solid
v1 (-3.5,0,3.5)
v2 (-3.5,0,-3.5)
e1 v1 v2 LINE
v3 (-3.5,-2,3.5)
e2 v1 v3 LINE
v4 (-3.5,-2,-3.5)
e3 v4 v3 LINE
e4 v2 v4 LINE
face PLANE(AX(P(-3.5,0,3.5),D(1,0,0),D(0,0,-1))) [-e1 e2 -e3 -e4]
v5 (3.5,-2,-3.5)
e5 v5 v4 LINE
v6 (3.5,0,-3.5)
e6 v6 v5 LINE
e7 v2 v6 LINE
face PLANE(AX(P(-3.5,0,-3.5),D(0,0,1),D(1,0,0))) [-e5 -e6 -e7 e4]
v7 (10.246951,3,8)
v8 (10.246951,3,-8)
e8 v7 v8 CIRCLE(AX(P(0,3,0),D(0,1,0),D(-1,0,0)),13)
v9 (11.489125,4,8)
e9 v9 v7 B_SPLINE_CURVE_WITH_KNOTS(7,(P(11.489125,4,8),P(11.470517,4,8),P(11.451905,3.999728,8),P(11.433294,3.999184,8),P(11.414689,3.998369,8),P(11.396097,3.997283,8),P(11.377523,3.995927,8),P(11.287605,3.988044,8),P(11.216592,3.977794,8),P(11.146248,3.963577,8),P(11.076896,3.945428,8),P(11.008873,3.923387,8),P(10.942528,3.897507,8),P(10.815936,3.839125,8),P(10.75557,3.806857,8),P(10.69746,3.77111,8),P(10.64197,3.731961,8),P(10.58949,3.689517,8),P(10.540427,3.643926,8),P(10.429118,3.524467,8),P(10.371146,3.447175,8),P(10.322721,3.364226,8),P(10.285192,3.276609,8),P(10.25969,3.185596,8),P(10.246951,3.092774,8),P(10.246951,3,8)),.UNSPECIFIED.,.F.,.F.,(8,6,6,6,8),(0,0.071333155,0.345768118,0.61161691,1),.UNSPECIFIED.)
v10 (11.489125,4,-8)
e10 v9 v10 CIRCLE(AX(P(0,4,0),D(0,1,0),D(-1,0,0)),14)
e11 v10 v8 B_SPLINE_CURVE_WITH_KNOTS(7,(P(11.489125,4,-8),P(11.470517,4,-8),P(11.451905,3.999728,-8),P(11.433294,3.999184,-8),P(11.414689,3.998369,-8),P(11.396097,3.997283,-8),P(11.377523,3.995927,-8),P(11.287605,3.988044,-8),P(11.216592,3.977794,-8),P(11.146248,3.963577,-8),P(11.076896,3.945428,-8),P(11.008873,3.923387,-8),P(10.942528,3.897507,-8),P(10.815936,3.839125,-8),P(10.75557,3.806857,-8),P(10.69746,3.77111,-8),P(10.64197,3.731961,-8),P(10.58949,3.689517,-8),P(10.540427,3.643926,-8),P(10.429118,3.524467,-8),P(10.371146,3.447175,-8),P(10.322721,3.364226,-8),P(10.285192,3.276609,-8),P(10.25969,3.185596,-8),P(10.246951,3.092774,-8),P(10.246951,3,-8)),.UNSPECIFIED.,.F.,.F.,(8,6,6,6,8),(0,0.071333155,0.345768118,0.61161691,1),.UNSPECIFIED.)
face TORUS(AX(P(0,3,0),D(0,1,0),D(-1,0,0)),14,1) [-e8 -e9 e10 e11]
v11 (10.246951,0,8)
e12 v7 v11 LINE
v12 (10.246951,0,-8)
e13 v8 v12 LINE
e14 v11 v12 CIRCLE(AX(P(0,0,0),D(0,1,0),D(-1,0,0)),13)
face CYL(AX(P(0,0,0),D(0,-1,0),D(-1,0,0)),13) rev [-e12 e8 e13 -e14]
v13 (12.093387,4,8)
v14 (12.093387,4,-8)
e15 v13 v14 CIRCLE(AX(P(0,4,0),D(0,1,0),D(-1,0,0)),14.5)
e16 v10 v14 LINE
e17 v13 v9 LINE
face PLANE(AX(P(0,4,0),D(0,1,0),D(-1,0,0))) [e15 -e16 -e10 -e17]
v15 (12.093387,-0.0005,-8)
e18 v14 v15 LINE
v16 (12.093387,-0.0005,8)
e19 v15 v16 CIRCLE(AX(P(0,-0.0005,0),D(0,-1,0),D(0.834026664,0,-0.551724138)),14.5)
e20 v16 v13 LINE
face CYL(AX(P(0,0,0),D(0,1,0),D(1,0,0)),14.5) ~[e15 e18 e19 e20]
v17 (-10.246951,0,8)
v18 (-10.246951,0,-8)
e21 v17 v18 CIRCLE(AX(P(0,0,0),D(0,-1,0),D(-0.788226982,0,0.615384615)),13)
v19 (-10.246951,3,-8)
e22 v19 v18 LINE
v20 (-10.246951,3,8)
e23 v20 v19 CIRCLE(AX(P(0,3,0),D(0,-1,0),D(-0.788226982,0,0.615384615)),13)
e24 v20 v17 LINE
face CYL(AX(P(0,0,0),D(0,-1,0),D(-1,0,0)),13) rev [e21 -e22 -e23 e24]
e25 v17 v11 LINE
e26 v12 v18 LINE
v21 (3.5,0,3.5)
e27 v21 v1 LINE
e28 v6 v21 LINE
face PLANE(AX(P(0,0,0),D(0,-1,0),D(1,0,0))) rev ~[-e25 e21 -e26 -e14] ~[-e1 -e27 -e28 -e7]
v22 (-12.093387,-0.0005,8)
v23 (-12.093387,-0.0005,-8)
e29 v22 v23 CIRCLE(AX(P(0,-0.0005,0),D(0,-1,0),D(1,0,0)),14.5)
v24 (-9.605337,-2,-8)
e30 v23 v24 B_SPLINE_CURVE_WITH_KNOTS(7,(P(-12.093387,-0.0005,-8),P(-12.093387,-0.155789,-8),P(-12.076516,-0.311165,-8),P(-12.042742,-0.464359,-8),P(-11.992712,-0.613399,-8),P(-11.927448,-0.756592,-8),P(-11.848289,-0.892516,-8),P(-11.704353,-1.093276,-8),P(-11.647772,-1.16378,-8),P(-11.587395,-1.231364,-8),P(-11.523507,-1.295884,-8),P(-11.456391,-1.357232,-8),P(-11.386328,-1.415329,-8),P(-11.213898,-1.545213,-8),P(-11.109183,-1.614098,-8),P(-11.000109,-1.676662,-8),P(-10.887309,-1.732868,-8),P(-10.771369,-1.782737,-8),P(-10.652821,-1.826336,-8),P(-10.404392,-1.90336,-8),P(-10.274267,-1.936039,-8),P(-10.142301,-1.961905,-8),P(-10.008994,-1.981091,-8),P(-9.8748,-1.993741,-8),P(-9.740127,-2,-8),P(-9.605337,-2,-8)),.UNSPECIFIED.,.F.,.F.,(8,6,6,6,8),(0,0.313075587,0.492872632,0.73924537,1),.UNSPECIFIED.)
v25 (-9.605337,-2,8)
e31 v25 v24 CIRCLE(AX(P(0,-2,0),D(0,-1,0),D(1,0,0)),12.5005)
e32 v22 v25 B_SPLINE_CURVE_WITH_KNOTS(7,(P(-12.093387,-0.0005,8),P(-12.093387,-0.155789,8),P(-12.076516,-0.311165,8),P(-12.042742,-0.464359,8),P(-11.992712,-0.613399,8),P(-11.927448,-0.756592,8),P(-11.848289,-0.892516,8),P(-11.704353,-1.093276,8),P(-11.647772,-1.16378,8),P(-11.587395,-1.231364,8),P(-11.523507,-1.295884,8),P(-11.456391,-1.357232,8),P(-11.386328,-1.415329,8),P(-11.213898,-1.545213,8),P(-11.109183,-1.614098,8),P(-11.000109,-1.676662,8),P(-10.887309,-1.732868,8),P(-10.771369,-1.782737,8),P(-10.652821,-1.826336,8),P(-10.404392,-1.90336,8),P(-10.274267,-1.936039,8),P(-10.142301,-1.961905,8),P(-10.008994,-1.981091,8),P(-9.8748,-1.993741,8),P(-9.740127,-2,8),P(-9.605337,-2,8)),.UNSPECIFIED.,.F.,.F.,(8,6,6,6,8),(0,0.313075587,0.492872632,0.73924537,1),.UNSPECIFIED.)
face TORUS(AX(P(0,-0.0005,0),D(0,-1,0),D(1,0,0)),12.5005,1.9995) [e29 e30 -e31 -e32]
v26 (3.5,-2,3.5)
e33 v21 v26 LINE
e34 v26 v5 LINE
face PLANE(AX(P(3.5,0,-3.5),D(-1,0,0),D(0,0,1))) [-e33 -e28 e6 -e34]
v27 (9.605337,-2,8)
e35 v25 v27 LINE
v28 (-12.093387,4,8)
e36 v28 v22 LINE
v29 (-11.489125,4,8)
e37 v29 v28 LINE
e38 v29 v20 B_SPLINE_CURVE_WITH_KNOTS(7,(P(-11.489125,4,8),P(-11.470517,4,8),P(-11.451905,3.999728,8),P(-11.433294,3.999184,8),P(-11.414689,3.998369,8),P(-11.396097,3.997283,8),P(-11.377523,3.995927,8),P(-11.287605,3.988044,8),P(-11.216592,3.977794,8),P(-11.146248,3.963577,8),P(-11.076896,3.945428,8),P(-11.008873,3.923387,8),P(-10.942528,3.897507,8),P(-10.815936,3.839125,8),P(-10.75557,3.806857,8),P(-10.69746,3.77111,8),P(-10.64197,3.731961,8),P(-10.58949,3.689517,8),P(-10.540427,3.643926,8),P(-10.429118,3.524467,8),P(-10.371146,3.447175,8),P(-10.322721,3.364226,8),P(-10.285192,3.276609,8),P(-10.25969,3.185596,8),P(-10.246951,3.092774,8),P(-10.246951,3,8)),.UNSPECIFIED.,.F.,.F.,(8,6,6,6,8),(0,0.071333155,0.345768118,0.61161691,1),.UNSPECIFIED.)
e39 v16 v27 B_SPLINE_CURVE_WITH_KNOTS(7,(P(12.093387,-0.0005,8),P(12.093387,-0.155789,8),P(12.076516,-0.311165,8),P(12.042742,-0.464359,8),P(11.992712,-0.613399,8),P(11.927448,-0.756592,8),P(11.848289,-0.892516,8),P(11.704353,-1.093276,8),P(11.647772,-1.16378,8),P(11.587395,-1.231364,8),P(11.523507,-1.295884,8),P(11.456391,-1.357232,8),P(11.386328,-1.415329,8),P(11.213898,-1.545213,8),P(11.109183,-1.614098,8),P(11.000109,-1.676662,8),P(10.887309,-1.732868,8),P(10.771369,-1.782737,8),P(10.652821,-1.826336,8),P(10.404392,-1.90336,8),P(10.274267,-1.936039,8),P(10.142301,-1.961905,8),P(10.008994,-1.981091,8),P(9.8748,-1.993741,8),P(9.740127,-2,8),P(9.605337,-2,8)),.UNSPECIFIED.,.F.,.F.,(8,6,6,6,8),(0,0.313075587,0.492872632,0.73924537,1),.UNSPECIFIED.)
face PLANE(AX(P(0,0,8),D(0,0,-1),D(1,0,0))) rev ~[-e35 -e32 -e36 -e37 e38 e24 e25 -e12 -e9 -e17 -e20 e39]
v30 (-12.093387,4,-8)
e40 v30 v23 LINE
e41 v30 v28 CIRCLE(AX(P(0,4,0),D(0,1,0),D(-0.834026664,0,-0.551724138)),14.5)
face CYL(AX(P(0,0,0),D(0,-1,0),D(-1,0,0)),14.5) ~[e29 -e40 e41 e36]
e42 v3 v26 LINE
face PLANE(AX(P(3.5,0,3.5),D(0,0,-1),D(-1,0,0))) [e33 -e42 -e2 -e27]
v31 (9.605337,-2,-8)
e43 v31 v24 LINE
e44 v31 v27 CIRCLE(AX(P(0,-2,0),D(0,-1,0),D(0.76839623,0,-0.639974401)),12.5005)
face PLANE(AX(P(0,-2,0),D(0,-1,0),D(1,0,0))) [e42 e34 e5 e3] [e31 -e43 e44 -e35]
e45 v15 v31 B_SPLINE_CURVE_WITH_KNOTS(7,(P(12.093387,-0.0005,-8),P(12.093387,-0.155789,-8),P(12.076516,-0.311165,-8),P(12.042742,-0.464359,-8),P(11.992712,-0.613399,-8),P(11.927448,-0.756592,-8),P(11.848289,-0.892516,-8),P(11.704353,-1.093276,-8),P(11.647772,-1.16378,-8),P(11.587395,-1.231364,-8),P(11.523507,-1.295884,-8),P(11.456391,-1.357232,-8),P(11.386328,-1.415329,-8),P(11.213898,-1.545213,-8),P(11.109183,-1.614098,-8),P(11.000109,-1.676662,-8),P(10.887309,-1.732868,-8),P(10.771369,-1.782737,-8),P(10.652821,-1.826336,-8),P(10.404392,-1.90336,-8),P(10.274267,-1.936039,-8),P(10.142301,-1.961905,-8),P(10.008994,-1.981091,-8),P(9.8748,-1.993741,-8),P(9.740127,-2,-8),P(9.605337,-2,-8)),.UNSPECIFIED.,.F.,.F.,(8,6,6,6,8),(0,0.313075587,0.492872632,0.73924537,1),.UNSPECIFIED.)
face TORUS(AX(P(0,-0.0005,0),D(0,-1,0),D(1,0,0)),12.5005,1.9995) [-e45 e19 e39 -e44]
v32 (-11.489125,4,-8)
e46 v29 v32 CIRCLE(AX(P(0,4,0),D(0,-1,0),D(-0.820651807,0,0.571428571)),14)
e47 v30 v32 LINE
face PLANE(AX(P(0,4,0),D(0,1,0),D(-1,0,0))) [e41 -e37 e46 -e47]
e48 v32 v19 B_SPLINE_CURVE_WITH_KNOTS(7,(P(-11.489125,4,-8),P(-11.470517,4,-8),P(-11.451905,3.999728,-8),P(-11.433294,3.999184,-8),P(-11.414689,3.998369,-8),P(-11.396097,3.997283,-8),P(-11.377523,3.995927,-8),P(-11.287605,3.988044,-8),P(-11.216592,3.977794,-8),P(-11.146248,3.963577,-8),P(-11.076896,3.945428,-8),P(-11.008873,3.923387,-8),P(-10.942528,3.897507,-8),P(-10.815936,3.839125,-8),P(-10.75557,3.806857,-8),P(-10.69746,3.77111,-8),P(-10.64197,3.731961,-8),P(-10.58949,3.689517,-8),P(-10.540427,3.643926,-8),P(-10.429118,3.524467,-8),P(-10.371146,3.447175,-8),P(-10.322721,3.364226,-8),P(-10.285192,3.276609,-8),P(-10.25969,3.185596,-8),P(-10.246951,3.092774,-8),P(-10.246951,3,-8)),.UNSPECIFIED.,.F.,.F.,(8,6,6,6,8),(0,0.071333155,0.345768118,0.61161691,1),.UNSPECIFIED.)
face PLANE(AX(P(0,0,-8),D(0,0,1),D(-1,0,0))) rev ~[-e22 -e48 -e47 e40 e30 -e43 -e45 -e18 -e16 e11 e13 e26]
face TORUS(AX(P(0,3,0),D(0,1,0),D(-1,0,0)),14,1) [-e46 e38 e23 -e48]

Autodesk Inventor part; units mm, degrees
ref_plane "YZ Plane" through (0, 0, 0) normal (1, 0, 0) x (0, 1, 0)
ref_plane "XZ Plane" through (0, 0, 0) normal (0, 1, 0) x (-1, 0, 0)
ref_plane "XY Plane" through (0, 0, 0) normal (0, 0, 1) x (1, 0, 0)
sketch "Sketch1" plane through (0, 0, 0) normal (0, 1, 0) x (-1, 0, 0)
  circle A0 centre (0, 0) radius 13
  circle A1 centre (0, 0) radius 14.5
  dimension "d0" = 26
  dimension "d1" = 29
extrude "Extrusion1" add sketch "Sketch1" along normal blind 4
sketch "Sketch2" plane through (0, 0, 0) normal (0, -1, 0) x (1, 0, 0)
  circle A0 centre (0, 0) radius 14.5
  dimension "d4" = 29
extrude "Extrusion2" add sketch "Sketch2" along normal blind 2
sketch "Sketch3" plane through (0, 0, 0) normal (0, 1, 0) x (1, 0, 0)
  line L0 (-3.5, 3.5) -> (3.5, 3.5)
  line L1 (3.5, 3.5) -> (3.5, -3.5)
  line L2 (3.5, -3.5) -> (-3.5, -3.5)
  line L3 (-3.5, -3.5) -> (-3.5, 3.5)
  line L4 (-3.5, 3.5) -> (3.5, -3.5) construction
  line L5 (3.5, 3.5) -> (-3.5, -3.5) construction
  point P0 (0, 0)
  dimension "d7" = 7
  dimension "d8" = 7
extrude "Extrusion3" cut sketch "Sketch3" against normal blind 3
fillet "Fillet1" radius 2 1 edges at (-14.5, -2, 0)
fillet "Fillet2" radius 1 1 edges at (13, 4, 0)
sketch "Sketch4" plane through (0, 0, 0) normal (0, 1, 0) x (1, 0, 0)
  line L0 (0, 0) -> (0, -8)
  line L1 (0, 0) -> (0, 8)
  line L2 (0, 8) -> (16, 8)
  line L3 (16, 8) -> (16, 16)
  line L4 (0, 8) -> (0, 12)
  line L5 (0, 8) -> (4, 8) construction
  line L6 (-16, 16) -> (16, 16)
  line L7 (16, 16) -> (16, 8)
  line L8 (16, 8) -> (-16, 8)
  line L9 (-16, 8) -> (-16, 16)
  line L10 (-16, 16) -> (16, 8) construction
  line L11 (16, 16) -> (-16, 8) construction
  line L12 (0, -8) -> (0, -12)
  line L13 (-16, -8) -> (16, -8)
  line L14 (16, -8) -> (16, -16)
  line L15 (16, -16) -> (-16, -16)
  line L16 (-16, -16) -> (-16, -8)
  line L17 (-16, -8) -> (16, -16) construction
  line L18 (16, -8) -> (-16, -16) construction
  dimension "d13" = 8
  dimension "d14" = 8
  dimension "d15" = 16
  dimension "d16" = 8
  dimension "d17" = 4
  dimension "d18" = 90
  dimension "d19" = 4
  dimension "d20" = 32
  dimension "d21" = 8
extrude "Extrusion4" cut sketch "Sketch4" along normal mid plane 20
properties part number "Battery_Holder"
